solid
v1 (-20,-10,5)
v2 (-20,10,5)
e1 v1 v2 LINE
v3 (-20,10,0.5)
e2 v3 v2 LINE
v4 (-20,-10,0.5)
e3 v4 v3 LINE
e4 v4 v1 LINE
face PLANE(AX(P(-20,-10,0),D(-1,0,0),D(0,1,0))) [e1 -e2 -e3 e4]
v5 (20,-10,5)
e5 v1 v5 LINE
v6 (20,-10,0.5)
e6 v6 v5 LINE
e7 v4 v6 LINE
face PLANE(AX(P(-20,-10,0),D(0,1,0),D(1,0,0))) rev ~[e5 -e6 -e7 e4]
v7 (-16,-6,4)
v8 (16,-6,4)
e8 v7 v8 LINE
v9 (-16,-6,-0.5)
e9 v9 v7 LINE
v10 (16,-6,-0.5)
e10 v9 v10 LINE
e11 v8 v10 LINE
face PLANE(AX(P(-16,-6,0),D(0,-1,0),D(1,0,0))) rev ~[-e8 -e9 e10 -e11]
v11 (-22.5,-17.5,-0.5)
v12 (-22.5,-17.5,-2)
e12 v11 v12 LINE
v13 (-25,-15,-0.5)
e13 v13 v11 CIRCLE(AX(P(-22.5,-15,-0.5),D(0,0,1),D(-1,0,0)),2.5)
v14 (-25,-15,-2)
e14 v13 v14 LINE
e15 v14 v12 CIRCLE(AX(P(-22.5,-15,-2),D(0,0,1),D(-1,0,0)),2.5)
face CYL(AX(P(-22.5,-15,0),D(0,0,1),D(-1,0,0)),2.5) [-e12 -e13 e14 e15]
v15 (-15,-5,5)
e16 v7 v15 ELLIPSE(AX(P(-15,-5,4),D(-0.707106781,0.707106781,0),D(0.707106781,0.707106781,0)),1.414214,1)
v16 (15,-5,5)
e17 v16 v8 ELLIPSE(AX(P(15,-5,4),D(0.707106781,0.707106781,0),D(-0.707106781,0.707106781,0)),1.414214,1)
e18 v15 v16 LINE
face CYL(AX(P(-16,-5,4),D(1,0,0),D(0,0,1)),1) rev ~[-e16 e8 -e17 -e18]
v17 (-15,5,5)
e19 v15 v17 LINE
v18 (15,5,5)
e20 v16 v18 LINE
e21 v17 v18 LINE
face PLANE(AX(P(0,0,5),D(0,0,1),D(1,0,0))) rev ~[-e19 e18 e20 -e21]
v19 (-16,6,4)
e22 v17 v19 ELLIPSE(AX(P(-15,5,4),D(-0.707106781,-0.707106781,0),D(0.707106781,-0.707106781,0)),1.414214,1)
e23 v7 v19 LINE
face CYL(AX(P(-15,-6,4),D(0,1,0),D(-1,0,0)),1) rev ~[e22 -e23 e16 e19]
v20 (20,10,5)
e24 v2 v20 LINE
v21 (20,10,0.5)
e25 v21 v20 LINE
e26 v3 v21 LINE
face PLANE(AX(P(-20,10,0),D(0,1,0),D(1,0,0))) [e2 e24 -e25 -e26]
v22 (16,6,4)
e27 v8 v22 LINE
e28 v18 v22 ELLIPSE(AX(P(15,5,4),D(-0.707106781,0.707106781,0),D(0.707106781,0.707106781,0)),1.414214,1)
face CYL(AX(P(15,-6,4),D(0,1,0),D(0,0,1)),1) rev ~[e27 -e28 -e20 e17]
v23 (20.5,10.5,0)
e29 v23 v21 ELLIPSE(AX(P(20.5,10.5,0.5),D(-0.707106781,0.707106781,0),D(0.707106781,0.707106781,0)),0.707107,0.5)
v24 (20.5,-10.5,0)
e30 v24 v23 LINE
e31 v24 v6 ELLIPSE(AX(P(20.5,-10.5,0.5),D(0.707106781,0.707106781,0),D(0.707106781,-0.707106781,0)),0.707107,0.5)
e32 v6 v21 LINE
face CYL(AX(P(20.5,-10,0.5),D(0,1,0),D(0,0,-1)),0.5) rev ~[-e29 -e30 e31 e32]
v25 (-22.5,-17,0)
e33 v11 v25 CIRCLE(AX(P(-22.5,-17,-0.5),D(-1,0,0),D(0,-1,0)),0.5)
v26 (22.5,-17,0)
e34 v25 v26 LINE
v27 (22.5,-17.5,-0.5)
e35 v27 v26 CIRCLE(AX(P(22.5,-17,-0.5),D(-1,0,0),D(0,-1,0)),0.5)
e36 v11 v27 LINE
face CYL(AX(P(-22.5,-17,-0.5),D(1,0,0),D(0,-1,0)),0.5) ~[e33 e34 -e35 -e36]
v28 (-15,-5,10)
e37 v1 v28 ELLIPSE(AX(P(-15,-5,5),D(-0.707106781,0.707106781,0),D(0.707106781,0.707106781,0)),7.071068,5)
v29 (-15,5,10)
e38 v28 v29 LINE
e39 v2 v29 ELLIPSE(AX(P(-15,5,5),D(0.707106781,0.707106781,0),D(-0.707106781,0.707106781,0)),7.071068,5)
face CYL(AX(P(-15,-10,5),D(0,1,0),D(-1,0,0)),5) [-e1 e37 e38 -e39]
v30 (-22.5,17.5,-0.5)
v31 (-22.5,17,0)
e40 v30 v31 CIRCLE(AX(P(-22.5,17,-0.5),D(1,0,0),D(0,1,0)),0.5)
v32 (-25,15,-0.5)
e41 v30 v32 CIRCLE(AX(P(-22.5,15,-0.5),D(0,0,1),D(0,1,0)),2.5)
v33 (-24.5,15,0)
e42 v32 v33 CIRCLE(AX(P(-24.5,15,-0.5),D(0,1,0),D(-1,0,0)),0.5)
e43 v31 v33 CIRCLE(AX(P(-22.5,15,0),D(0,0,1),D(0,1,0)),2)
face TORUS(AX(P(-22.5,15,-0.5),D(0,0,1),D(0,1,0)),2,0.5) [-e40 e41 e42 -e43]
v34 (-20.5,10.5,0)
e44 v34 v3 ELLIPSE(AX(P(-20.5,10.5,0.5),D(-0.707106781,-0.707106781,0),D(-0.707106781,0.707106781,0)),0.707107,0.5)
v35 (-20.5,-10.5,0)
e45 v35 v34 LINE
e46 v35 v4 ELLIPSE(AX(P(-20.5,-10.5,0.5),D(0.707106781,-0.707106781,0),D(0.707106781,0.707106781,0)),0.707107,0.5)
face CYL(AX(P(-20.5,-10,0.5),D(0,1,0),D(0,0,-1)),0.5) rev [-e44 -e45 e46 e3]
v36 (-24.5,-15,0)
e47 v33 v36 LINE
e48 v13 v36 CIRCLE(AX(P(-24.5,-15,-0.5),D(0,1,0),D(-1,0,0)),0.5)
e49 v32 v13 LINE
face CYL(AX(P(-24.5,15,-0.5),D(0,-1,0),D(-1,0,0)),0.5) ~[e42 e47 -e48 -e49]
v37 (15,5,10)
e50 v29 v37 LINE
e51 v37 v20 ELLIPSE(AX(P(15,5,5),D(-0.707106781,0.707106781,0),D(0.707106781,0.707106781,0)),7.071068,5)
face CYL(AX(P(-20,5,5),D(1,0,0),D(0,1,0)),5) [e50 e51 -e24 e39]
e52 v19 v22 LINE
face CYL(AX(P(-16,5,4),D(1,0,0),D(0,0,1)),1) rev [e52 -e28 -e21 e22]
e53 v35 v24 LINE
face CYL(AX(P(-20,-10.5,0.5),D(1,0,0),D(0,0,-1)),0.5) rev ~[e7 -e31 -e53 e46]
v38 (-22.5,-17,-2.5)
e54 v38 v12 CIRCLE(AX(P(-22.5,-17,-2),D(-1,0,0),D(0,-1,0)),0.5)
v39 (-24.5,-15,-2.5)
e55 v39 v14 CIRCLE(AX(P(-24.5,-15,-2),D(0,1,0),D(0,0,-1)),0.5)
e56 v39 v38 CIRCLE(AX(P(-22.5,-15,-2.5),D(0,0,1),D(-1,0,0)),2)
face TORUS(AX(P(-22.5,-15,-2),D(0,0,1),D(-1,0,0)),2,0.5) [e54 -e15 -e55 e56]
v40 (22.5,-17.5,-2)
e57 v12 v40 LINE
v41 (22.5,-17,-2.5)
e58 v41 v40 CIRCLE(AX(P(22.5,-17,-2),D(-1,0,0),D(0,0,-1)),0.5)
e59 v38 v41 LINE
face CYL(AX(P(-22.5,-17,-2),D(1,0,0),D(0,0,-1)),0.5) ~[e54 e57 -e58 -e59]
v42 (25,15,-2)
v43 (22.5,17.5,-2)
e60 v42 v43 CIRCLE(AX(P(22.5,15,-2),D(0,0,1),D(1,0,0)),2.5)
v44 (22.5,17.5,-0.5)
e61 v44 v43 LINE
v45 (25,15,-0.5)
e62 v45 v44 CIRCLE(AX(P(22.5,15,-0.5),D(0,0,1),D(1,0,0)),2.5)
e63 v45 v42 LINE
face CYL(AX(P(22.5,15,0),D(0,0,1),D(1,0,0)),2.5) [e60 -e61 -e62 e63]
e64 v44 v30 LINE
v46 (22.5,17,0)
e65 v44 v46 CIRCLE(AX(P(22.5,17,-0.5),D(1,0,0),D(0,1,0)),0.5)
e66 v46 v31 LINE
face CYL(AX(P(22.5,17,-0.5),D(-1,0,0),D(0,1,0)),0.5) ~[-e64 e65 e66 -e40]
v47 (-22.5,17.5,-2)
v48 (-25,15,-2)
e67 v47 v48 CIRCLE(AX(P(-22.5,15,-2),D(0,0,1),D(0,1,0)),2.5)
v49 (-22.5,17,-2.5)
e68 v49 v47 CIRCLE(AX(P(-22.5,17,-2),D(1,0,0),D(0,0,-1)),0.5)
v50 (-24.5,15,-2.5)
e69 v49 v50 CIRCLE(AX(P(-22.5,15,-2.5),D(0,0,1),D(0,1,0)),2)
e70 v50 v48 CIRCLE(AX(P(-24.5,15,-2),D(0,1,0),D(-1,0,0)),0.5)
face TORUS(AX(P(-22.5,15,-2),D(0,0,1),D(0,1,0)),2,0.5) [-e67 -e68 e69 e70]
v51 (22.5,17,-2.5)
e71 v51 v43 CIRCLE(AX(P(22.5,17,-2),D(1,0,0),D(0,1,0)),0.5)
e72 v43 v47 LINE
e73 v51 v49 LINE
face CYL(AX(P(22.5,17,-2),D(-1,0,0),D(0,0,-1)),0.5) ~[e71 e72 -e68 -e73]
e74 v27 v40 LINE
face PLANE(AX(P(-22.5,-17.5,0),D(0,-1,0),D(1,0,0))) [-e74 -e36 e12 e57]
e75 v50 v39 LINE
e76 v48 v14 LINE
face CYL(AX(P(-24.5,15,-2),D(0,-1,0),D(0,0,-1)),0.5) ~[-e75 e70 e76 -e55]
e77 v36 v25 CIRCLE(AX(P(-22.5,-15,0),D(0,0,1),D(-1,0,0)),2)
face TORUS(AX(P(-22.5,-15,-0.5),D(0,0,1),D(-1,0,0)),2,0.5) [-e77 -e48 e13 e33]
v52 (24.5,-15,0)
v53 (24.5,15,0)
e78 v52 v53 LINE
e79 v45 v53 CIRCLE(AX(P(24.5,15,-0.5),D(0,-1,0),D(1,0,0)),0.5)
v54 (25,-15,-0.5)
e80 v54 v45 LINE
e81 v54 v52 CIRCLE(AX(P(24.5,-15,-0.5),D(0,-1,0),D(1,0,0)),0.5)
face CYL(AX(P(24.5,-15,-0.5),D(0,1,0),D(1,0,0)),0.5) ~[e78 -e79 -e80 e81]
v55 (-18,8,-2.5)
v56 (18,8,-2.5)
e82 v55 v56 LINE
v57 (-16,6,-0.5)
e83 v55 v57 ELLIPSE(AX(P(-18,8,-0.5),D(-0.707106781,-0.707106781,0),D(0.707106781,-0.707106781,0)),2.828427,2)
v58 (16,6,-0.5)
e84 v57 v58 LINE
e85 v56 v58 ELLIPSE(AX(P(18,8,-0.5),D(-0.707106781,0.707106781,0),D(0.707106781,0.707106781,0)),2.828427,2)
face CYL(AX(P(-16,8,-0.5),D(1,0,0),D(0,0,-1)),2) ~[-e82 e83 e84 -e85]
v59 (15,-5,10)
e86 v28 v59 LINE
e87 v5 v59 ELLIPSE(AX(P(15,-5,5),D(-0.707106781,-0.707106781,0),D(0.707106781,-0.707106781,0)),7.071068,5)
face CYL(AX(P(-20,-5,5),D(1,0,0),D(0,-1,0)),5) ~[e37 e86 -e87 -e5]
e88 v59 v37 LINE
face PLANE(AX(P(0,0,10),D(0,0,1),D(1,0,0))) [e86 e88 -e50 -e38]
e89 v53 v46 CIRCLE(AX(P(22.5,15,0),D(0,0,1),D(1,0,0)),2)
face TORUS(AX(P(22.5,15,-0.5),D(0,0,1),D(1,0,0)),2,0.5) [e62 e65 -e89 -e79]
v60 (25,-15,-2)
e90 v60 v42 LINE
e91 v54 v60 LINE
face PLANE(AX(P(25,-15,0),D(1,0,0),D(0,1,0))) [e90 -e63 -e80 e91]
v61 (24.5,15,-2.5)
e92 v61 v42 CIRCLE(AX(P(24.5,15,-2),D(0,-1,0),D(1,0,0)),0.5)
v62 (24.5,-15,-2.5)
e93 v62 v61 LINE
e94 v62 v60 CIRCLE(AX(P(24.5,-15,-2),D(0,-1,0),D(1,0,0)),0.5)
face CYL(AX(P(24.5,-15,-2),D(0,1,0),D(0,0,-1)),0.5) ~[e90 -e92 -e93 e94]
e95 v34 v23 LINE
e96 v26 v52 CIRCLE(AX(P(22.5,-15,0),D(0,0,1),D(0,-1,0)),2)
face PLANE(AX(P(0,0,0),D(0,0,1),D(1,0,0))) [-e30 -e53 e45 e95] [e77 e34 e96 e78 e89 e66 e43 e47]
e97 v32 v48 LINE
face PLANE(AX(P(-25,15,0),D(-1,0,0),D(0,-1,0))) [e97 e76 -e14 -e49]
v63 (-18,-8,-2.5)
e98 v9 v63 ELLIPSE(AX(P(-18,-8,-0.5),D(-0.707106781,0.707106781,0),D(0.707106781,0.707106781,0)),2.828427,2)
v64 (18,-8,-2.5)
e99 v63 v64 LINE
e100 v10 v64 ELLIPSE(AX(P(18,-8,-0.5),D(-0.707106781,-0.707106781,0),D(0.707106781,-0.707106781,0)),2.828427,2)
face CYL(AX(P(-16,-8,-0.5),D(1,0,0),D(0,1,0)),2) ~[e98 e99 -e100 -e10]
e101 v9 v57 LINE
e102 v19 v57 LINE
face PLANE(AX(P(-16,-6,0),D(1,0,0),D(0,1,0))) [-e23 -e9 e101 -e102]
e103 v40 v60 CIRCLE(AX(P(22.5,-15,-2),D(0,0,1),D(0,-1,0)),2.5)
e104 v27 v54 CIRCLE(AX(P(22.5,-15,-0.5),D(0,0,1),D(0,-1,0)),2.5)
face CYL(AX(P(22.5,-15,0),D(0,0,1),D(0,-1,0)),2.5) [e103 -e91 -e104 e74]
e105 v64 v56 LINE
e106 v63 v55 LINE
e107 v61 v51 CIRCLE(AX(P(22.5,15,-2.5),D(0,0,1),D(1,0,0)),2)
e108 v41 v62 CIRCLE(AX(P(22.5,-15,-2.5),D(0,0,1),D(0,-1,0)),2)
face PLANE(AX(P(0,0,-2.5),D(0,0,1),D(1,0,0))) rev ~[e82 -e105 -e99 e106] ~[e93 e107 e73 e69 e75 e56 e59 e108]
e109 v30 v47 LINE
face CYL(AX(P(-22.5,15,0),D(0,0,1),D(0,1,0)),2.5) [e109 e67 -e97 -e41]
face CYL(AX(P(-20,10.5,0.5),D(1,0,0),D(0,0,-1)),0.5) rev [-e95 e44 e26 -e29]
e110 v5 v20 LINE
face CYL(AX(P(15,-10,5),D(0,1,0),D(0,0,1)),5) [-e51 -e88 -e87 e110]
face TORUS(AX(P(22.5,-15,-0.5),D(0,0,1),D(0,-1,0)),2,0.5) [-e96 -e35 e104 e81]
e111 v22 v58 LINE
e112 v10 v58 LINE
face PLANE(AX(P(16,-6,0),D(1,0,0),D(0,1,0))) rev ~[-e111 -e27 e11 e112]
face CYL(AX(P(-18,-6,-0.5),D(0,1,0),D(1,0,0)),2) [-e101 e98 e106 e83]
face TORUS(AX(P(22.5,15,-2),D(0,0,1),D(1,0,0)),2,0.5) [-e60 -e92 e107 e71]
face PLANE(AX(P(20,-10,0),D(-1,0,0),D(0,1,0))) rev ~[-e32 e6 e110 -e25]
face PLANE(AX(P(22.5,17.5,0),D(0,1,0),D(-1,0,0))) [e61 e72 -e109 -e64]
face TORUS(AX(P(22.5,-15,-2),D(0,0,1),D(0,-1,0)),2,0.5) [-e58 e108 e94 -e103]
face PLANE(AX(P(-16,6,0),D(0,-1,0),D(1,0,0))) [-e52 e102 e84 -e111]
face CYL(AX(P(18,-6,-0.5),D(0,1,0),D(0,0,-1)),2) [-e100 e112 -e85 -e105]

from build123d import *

# Parameters (mm, degrees)
SKETCH1_W           = 40
SKETCH1_H           = 20
BOSS_EXTRUDE1_DEPTH = 10
SKETCH2_W           = 32
SKETCH2_H           = 12
CUT_EXTRUDE1_DEPTH  = 5
FILLET1_R           = 5
SKETCH3_W           = 32
SKETCH3_H           = 12
BOSS_EXTRUDE2_DEPTH = 2.5
FILLET2_R           = 1
FILLET3_R           = 2
SMOOTHINGFILLET_R   = 0.5


with BuildPart() as part:
    # Sketch1 → Boss-Extrude1 (new body)
    with BuildSketch(Plane.XY):
        Rectangle(SKETCH1_W, SKETCH1_H)
    extrude(amount=BOSS_EXTRUDE1_DEPTH)

    # Sketch2 → Cut-Extrude1 (cut)
    with BuildSketch(Plane.XY):
        Rectangle(SKETCH2_W, SKETCH2_H)
    extrude(amount=CUT_EXTRUDE1_DEPTH, mode=Mode.SUBTRACT)

    # Fillet1
    fillet1_edges = [part.edges().sort_by_distance(p)[0] for p in [
        (-20, 0, 10),
        (0, -10, 10),
        (20, 0, 10),
        (0, 10, 10),
    ]]
    fillet(fillet1_edges, radius=FILLET1_R)

    # Sketch3 → Boss-Extrude2 (add)
    with BuildSketch(Plane.XY):
        with BuildLine():
            Line((22.5, 17.5), (-22.5, 17.5))
            ThreePointArc((-22.5, 17.5), (-24.267766953, 16.767766953), (-25, 15))
            Line((-25, 15), (-25, -15))
            ThreePointArc((-25, -15), (-24.267766953, -16.767766953), (-22.5, -17.5))
            Line((-22.5, -17.5), (22.5, -17.5))
            ThreePointArc((22.5, -17.5), (24.267766953, -16.767766953), (25, -15))
            Line((25, -15), (25, 15))
            ThreePointArc((25, 15), (24.267766953, 16.767766953), (22.5, 17.5))
        make_face()
        Rectangle(SKETCH3_W, SKETCH3_H, mode=Mode.SUBTRACT)
    extrude(amount=-BOSS_EXTRUDE2_DEPTH)

    # Fillet2
    fillet2_edges = [part.edges().sort_by_distance(p)[0] for p in [
        (16, 0, 5),
        (0, 6, 5),
        (-16, 0, 5),
        (0, -6, 5),
    ]]
    fillet(fillet2_edges, radius=FILLET2_R)

    # Fillet3
    fillet3_edges = [part.edges().sort_by_distance(p)[0] for p in [
        (0, -6, -2.5),
        (16, 0, -2.5),
        (0, 6, -2.5),
        (-16, 0, -2.5),
    ]]
    fillet(fillet3_edges, radius=FILLET3_R)

    # SmoothingFillet
    smoothingfillet_edges = [part.edges().sort_by_distance(p)[0] for p in [
        (24.267766953, 16.767766953, 0),
        (0, 17.5, 0),
        (-24.267766953, 16.767766953, 0),
        (-25, 0, 0),
        (-24.267766953, -16.767766953, 0),
        (0, -17.5, 0),
        (24.267766953, -16.767766953, 0),
        (25, 0, 0),
        (24.267766953, 16.767766953, -2.5),
        (25, 0, -2.5),
        (24.267766953, -16.767766953, -2.5),
        (0, -17.5, -2.5),
        (-24.267766953, -16.767766953, -2.5),
        (-25, 0, -2.5),
        (-24.267766953, 16.767766953, -2.5),
        (0, 17.5, -2.5),
        (0, -10, 0),
        (-20, 0, 0),
        (0, 10, 0),
        (20, 0, 0),
    ]]
    fillet(smoothingfillet_edges, radius=SMOOTHINGFILLET_R)


solid = part.part
